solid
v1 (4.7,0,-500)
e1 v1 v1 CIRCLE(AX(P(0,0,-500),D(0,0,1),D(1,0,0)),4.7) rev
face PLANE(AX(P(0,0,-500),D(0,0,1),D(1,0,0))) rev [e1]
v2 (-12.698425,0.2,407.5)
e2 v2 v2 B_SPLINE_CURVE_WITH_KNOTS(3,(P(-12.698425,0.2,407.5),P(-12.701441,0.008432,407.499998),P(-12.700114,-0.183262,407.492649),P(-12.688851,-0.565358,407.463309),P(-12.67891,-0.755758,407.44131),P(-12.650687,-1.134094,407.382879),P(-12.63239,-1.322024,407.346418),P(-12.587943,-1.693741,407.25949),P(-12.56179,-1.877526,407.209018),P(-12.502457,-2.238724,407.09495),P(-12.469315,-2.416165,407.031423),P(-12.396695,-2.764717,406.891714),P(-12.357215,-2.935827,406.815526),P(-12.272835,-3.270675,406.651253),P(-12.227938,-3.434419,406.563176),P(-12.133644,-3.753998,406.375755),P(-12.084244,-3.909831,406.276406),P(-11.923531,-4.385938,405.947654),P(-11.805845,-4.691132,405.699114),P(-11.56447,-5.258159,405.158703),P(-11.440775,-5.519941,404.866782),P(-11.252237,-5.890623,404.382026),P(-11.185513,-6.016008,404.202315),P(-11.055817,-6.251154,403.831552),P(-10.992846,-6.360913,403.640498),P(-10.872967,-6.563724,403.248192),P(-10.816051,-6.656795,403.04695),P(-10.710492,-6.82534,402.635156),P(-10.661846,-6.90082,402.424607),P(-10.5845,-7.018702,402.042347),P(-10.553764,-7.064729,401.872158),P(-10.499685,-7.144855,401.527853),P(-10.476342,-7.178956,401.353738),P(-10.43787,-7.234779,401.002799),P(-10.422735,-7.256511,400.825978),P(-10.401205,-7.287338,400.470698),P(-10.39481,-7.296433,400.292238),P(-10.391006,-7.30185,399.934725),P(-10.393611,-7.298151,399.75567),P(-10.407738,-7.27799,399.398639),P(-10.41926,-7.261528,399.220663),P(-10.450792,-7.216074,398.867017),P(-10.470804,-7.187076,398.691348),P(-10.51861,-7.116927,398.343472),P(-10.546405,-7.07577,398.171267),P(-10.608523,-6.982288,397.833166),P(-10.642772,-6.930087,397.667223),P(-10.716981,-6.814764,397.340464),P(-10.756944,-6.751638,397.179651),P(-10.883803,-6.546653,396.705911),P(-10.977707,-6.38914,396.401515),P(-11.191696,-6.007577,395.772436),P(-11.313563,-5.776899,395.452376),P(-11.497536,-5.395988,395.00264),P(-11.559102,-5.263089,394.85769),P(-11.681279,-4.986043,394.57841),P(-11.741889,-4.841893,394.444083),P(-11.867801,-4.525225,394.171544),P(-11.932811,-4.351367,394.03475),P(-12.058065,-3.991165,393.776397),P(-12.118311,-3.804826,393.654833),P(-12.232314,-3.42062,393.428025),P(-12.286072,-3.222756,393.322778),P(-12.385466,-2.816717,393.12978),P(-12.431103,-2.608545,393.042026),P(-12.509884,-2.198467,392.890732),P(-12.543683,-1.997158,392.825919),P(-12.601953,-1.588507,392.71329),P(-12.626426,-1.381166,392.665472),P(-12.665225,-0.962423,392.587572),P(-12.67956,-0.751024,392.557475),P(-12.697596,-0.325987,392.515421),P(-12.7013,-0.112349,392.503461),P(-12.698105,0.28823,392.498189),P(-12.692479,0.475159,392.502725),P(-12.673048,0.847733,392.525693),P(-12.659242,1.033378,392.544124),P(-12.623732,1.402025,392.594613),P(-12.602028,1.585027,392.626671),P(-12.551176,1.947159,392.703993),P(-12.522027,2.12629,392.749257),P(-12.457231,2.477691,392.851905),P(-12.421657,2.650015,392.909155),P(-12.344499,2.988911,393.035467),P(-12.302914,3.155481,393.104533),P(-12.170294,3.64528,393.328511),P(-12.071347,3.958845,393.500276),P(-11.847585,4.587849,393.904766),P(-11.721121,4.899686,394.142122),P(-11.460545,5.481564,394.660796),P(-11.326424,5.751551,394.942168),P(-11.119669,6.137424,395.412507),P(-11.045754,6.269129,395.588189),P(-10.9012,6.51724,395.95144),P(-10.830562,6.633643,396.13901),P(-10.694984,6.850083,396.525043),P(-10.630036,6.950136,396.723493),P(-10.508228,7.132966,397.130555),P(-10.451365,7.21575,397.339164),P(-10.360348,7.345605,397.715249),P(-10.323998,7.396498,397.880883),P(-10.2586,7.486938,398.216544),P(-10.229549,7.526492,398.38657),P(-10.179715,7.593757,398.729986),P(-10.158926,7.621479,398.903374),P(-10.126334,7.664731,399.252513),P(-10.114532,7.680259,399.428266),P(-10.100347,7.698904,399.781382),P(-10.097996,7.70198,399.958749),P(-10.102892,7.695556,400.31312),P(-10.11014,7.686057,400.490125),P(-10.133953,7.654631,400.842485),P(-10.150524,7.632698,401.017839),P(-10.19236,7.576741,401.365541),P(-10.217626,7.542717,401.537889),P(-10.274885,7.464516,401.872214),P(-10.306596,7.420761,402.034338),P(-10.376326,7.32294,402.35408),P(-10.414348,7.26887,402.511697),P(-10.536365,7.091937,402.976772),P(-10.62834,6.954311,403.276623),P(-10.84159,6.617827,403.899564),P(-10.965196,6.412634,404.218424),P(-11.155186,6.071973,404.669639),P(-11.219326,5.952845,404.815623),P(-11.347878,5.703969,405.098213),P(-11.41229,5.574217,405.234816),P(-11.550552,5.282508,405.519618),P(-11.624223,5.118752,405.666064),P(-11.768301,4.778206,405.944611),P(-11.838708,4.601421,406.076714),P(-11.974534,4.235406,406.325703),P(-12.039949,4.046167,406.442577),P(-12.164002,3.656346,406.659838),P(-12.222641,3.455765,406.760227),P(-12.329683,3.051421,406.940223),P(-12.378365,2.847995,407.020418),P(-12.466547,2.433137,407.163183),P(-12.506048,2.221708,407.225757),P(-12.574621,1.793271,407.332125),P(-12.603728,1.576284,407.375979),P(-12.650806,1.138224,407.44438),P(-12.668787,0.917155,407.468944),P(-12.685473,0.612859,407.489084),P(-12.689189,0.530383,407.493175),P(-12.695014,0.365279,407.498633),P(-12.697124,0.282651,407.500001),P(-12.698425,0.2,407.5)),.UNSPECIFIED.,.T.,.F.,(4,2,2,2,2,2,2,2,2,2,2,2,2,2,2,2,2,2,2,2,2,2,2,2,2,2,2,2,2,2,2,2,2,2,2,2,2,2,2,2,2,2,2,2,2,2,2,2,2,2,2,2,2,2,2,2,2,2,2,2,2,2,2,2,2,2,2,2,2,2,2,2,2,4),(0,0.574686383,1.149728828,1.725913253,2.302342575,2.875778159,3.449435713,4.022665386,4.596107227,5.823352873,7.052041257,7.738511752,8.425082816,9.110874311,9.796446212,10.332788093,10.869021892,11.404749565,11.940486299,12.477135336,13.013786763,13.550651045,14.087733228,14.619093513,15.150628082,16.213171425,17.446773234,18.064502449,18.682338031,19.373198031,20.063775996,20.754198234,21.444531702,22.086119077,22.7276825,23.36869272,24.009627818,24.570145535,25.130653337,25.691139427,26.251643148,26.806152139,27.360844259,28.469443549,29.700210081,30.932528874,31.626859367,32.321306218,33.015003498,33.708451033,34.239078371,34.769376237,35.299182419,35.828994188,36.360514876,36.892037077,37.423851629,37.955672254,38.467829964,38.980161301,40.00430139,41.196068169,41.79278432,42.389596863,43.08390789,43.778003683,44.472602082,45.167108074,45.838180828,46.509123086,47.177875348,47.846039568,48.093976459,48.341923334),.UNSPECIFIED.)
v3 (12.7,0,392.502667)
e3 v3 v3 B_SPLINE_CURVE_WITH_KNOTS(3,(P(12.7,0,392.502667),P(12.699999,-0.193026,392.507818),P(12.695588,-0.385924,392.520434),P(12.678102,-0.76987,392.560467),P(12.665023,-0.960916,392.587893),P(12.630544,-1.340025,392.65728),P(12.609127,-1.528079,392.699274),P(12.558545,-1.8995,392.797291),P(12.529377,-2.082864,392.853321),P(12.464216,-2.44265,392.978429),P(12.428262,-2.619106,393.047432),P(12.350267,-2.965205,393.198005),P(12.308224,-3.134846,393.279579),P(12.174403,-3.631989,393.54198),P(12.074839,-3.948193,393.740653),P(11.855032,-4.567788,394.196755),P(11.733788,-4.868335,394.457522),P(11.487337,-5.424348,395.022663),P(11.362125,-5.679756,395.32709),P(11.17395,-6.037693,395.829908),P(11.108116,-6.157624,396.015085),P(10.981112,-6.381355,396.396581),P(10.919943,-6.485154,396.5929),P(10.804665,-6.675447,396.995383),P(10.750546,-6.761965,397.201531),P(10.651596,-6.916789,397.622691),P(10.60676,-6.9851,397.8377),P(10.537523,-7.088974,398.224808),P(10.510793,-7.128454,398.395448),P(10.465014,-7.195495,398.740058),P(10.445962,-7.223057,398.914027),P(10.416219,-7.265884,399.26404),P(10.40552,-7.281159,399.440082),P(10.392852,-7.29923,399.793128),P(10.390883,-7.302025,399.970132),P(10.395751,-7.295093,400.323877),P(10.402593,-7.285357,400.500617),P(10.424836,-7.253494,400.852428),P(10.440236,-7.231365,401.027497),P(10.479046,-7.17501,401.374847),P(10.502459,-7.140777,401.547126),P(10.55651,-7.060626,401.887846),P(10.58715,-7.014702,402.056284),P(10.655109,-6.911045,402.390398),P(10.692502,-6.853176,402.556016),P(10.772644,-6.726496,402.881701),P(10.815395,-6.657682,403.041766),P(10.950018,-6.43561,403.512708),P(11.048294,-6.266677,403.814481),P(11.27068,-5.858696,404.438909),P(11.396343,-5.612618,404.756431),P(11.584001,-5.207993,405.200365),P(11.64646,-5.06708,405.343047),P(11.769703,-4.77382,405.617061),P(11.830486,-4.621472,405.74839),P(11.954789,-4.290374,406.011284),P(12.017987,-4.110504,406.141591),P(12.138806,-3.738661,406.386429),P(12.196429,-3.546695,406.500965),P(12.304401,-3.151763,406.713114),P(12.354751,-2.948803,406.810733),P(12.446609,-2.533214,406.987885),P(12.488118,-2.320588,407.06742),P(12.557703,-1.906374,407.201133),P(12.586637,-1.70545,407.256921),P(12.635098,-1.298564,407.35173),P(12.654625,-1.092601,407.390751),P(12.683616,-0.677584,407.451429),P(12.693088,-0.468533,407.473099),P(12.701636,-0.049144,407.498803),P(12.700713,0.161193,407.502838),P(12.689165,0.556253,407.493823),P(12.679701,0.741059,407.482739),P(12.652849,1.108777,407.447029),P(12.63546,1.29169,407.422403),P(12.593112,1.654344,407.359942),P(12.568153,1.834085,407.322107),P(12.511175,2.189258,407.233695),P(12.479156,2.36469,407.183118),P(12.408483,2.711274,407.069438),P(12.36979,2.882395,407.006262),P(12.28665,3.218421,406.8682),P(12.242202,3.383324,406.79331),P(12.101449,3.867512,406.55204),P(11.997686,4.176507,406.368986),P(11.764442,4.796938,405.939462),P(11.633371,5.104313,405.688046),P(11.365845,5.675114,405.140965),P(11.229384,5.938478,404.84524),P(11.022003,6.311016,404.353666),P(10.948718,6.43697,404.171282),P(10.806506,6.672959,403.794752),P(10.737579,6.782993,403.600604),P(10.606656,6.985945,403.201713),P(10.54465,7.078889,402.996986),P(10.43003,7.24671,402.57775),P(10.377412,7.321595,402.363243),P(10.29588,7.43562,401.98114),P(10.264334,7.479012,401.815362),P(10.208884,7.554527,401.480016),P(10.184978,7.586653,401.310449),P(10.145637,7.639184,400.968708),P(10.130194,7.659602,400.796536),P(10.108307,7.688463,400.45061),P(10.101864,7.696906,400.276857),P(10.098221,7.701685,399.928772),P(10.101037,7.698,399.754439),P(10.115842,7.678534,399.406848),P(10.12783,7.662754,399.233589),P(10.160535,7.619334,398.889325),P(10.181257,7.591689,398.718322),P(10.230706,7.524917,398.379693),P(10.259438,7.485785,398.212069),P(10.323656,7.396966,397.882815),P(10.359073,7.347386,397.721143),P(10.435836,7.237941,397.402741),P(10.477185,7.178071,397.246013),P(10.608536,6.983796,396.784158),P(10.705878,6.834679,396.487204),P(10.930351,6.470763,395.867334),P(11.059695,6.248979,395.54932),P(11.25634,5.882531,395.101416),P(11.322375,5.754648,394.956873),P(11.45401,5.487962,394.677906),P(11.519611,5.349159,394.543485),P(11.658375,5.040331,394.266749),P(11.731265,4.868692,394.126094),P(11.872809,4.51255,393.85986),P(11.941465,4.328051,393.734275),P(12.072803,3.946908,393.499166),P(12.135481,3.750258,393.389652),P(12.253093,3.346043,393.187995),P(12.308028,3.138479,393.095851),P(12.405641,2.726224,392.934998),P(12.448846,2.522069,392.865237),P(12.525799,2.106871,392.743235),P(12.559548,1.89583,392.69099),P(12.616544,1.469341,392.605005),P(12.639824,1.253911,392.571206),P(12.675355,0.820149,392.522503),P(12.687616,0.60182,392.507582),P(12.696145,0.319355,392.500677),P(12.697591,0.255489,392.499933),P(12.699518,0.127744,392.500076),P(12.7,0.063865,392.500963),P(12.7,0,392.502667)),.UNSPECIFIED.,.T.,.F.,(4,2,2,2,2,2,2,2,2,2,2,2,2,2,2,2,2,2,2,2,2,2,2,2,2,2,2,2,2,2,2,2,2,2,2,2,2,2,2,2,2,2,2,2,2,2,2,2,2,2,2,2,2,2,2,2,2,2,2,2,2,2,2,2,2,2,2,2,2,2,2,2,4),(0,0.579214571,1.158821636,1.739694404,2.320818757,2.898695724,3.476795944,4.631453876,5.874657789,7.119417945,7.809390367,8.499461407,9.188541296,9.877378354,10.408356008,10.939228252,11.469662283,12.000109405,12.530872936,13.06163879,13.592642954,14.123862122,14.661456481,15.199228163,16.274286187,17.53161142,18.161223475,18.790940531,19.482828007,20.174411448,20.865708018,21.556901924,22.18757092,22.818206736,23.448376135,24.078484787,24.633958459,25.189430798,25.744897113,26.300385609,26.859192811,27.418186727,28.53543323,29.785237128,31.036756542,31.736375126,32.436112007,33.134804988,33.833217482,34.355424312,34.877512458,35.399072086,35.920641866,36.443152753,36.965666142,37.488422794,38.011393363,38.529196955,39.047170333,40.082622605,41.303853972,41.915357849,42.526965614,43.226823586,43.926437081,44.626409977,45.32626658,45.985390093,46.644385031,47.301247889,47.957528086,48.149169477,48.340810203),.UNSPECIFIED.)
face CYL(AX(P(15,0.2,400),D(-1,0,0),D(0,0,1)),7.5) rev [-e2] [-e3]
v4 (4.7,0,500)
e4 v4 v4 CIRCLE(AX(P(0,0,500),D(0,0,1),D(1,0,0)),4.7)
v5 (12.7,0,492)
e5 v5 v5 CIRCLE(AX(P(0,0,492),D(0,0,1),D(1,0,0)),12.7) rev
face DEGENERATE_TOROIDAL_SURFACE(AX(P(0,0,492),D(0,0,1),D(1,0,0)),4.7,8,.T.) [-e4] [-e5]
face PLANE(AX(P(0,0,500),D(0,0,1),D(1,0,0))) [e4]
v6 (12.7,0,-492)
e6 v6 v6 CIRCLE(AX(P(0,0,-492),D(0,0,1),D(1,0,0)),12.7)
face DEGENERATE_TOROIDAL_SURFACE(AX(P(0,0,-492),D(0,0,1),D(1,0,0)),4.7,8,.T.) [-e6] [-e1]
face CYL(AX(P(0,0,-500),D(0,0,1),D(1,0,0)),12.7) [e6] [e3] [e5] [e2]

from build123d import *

# Parameters (mm, degrees)
BOSS_EXTRUDE1_DEPTH      = 500
BOSS_EXTRUDE1_DEPTH_BACK = 500
SKETCH1_R                = 12.7
FILLET1_R                = 8
CUT_EXTRUDE1_DEPTH       = 15
CUT_EXTRUDE1_DEPTH_BACK  = 19
SKETCH3_R                = 7.5


with BuildPart() as part:
    # Sketch1 → Boss-Extrude1 (new, two sides: drawn at the far end of the back side and taken through both)
    with BuildSketch(Plane.XY.offset(-BOSS_EXTRUDE1_DEPTH_BACK)):
        Circle(SKETCH1_R)
    extrude(amount=BOSS_EXTRUDE1_DEPTH + BOSS_EXTRUDE1_DEPTH_BACK)

    # Fillet1
    fillet1_edges = [part.edges().sort_by_distance(p)[0] for p in [
        (-12.7, 0, 500),
        (-12.7, 0, -500),
    ]]
    fillet(fillet1_edges, radius=FILLET1_R)

    # Sketch3 → Cut-Extrude1 (cut, two sides: drawn at the far end of the back side and taken through both)
    with BuildSketch(Plane(origin=(0, 0, 0), x_dir=(0, 0, -1), z_dir=(1, 0, 0)).offset(-CUT_EXTRUDE1_DEPTH_BACK)):
        with Locations((-400, 0.2)):
            Circle(SKETCH3_R)
    extrude(amount=CUT_EXTRUDE1_DEPTH + CUT_EXTRUDE1_DEPTH_BACK, mode=Mode.SUBTRACT)


solid = part.part
